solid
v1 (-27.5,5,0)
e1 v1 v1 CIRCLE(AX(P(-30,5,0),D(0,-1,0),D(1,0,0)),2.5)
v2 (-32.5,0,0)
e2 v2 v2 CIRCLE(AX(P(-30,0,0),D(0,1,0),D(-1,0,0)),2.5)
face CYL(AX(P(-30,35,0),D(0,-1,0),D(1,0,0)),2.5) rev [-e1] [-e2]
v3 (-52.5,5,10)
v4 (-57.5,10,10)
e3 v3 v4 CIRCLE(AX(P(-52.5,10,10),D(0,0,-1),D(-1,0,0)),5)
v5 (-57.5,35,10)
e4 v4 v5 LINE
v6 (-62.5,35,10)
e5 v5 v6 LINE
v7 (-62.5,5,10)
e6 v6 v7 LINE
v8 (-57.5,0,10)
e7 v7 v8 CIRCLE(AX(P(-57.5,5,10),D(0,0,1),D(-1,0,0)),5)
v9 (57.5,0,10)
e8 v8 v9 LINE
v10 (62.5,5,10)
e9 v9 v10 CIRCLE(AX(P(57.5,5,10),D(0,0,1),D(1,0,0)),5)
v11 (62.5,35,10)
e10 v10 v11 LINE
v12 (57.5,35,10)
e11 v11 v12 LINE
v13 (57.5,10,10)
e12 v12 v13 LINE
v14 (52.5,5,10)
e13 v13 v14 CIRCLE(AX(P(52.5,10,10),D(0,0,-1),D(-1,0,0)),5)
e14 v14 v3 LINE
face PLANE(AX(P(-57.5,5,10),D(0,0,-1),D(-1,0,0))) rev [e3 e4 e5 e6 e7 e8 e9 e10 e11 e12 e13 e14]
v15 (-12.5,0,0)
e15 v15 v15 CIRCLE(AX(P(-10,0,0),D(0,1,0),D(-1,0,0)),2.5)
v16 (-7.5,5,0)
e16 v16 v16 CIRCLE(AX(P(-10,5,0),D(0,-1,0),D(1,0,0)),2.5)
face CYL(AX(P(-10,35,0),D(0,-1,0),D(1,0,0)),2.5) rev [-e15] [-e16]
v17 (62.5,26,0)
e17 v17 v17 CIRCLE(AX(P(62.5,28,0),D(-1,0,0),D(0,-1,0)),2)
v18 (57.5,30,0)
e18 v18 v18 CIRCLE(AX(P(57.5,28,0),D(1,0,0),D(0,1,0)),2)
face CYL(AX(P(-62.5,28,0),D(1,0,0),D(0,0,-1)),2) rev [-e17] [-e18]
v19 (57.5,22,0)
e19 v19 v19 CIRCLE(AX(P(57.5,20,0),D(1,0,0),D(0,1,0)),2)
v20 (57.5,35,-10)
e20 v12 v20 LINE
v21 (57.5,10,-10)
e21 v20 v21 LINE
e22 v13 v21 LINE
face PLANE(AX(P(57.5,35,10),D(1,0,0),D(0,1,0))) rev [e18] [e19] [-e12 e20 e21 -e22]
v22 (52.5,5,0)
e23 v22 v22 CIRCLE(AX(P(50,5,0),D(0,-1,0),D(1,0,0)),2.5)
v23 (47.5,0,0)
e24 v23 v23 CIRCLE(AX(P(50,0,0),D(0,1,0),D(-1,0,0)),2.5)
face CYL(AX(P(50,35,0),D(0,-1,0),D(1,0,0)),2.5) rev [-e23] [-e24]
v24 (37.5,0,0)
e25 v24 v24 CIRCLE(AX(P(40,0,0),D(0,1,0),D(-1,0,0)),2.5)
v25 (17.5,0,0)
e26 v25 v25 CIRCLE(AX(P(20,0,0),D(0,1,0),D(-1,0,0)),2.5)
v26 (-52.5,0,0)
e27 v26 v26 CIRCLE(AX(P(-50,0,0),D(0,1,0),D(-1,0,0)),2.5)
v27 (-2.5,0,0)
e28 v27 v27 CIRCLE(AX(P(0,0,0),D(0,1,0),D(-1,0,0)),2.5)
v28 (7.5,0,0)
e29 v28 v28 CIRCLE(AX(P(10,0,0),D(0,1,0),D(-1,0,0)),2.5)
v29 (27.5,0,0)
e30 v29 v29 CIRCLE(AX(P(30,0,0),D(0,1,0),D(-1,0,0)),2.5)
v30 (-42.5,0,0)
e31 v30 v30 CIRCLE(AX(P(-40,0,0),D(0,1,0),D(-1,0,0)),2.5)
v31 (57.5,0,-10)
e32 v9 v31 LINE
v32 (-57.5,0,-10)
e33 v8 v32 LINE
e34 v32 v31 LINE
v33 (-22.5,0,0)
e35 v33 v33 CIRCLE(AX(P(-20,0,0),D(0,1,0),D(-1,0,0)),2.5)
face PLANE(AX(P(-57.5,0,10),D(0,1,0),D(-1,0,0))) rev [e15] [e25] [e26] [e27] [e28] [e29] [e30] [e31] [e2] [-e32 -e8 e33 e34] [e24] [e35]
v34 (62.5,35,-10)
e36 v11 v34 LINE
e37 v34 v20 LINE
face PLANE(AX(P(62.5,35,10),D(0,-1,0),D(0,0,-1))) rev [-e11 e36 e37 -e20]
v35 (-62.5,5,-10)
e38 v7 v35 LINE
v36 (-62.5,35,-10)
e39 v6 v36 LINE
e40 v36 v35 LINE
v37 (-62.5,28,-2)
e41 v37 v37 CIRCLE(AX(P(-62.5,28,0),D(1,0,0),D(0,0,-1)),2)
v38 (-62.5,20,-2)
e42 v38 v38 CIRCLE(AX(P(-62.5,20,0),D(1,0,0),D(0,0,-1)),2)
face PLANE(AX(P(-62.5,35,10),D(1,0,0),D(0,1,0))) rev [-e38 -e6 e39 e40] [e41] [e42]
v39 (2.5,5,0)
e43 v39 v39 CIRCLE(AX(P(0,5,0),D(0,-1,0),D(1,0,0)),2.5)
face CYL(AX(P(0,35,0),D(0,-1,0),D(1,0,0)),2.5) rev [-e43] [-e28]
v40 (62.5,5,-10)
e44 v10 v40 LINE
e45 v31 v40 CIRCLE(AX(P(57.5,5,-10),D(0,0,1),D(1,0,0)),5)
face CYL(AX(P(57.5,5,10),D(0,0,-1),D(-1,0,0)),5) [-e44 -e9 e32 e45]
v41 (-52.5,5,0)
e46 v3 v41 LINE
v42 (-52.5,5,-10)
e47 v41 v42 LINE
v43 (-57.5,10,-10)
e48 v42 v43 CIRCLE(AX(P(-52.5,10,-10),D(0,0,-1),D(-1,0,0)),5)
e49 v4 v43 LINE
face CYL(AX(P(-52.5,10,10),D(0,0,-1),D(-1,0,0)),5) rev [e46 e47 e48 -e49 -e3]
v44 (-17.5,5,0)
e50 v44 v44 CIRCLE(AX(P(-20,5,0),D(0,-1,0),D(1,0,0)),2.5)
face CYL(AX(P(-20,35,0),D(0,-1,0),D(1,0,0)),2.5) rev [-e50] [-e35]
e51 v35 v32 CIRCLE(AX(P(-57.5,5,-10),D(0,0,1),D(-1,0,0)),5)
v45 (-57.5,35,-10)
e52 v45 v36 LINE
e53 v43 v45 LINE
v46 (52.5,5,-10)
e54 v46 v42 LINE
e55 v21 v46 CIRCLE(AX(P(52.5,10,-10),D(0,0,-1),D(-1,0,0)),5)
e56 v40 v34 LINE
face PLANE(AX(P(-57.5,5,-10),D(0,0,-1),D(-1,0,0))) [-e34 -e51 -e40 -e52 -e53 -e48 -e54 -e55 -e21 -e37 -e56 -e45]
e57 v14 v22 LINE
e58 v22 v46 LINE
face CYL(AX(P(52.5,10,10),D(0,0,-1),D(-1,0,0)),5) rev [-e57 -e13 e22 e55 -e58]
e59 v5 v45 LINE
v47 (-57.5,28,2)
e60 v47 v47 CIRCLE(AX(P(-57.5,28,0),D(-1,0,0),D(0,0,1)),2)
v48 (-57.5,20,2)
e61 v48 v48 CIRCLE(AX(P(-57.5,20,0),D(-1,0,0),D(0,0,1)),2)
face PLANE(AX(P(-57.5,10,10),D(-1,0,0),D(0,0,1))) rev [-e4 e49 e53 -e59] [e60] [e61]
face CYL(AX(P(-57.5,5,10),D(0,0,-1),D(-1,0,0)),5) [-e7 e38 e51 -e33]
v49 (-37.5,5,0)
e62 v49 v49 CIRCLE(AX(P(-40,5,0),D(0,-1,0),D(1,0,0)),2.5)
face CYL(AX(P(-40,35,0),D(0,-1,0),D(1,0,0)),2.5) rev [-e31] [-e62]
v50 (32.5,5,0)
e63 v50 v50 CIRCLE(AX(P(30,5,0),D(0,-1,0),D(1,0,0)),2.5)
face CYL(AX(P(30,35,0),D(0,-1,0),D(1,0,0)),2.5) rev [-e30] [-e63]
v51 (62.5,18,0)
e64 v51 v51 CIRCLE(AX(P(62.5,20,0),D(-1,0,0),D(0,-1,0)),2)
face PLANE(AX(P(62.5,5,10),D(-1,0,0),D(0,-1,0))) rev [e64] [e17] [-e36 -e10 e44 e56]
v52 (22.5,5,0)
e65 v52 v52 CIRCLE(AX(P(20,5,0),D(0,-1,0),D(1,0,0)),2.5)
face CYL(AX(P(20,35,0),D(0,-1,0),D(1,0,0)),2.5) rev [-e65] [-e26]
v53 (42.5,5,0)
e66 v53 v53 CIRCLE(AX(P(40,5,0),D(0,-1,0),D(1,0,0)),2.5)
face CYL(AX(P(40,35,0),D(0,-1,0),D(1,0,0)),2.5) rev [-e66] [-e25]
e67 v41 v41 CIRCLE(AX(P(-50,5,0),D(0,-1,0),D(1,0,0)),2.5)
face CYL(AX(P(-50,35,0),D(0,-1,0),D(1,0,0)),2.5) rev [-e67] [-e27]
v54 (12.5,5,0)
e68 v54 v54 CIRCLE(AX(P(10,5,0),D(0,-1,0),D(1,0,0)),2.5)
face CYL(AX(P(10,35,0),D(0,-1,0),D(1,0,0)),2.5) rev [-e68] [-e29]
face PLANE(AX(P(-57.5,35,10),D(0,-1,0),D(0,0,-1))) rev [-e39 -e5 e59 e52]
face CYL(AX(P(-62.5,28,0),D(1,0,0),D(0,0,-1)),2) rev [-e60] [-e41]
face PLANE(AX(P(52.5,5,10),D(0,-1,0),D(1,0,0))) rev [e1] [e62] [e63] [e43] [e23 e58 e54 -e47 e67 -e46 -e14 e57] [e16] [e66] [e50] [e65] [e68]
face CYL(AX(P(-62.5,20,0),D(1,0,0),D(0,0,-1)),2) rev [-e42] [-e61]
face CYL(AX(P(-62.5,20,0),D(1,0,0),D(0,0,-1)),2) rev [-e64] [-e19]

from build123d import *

# Parameters (mm, degrees)
BOSS_EXTRUDE1_DEPTH     = 10
SKETCH2_R               = 2
CUT_EXTRUDE1_DEPTH      = 131.192165663
LPATTERN2_COUNT         = 2
LPATTERN2_PITCH         = 8
CUT_EXTRUDE2_DEPTH      = 73.327380707
CUT_EXTRUDE2_DEPTH_BACK = 73.327380707
SKETCH3_R               = 2.5


with BuildPart() as part:
    # Sketch1 → Boss-Extrude1 (new, symmetric)
    with BuildSketch(Plane.XY):
        with BuildLine():
            Line((-57.5, 0), (57.5, 0))
            ThreePointArc((57.5, 0), (61.035533906, 1.464466094), (62.5, 5))
            Line((62.5, 5), (62.5, 35))
            Line((62.5, 35), (57.5, 35))
            Line((57.5, 35), (57.5, 10))
            ThreePointArc((57.5, 10), (56.035533906, 6.464466094), (52.5, 5))
            Line((52.5, 5), (-52.5, 5))
            ThreePointArc((-52.5, 5), (-56.035533906, 6.464466094), (-57.5, 10))
            Line((-57.5, 10), (-57.5, 35))
            Line((-57.5, 35), (-62.5, 35))
            Line((-62.5, 35), (-62.5, 5))
            ThreePointArc((-62.5, 5), (-61.035533906, 1.464466094), (-57.5, 0))
        make_face()
    extrude(amount=BOSS_EXTRUDE1_DEPTH, both=True)

    # Sketch2 → Cut-Extrude1 (cut, symmetric)
    with BuildSketch(Plane(origin=(62.5, 0, 0), x_dir=(0, 0, -1), z_dir=(1, 0, 0))):
        with Locations((0, 20)):
            Circle(SKETCH2_R)
    cut_extrude1 = extrude(amount=CUT_EXTRUDE1_DEPTH, both=True, mode=Mode.SUBTRACT)

    # LPattern2: Cut-Extrude1 ×2
    with Locations(*[(0, i * LPATTERN2_PITCH, 0) for i in range(1, LPATTERN2_COUNT)]):
        add(cut_extrude1, mode=Mode.SUBTRACT)

    # Sketch3 → Cut-Extrude2 (cut, two sides: drawn at the far end of the back side and taken through both)
    with BuildSketch(Plane.XZ.offset(-CUT_EXTRUDE2_DEPTH_BACK)):
        Circle(SKETCH3_R)
        with Locations((-10, 0)):
            Circle(SKETCH3_R)
        with Locations((-20, 0)):
            Circle(SKETCH3_R)
        with Locations((-30, 0)):
            Circle(SKETCH3_R)
        with Locations((-40, 0)):
            Circle(SKETCH3_R)
        with Locations(Location((-50, 0, 0), (0, 0, 180))):
            Circle(SKETCH3_R)
        with Locations((10, 0)):
            Circle(SKETCH3_R)
        with Locations((20, 0)):
            Circle(SKETCH3_R)
        with Locations((30, 0)):
            Circle(SKETCH3_R)
        with Locations((40, 0)):
            Circle(SKETCH3_R)
        with Locations((50, 0)):
            Circle(SKETCH3_R)
    extrude(amount=CUT_EXTRUDE2_DEPTH + CUT_EXTRUDE2_DEPTH_BACK, mode=Mode.SUBTRACT)


solid = part.part
